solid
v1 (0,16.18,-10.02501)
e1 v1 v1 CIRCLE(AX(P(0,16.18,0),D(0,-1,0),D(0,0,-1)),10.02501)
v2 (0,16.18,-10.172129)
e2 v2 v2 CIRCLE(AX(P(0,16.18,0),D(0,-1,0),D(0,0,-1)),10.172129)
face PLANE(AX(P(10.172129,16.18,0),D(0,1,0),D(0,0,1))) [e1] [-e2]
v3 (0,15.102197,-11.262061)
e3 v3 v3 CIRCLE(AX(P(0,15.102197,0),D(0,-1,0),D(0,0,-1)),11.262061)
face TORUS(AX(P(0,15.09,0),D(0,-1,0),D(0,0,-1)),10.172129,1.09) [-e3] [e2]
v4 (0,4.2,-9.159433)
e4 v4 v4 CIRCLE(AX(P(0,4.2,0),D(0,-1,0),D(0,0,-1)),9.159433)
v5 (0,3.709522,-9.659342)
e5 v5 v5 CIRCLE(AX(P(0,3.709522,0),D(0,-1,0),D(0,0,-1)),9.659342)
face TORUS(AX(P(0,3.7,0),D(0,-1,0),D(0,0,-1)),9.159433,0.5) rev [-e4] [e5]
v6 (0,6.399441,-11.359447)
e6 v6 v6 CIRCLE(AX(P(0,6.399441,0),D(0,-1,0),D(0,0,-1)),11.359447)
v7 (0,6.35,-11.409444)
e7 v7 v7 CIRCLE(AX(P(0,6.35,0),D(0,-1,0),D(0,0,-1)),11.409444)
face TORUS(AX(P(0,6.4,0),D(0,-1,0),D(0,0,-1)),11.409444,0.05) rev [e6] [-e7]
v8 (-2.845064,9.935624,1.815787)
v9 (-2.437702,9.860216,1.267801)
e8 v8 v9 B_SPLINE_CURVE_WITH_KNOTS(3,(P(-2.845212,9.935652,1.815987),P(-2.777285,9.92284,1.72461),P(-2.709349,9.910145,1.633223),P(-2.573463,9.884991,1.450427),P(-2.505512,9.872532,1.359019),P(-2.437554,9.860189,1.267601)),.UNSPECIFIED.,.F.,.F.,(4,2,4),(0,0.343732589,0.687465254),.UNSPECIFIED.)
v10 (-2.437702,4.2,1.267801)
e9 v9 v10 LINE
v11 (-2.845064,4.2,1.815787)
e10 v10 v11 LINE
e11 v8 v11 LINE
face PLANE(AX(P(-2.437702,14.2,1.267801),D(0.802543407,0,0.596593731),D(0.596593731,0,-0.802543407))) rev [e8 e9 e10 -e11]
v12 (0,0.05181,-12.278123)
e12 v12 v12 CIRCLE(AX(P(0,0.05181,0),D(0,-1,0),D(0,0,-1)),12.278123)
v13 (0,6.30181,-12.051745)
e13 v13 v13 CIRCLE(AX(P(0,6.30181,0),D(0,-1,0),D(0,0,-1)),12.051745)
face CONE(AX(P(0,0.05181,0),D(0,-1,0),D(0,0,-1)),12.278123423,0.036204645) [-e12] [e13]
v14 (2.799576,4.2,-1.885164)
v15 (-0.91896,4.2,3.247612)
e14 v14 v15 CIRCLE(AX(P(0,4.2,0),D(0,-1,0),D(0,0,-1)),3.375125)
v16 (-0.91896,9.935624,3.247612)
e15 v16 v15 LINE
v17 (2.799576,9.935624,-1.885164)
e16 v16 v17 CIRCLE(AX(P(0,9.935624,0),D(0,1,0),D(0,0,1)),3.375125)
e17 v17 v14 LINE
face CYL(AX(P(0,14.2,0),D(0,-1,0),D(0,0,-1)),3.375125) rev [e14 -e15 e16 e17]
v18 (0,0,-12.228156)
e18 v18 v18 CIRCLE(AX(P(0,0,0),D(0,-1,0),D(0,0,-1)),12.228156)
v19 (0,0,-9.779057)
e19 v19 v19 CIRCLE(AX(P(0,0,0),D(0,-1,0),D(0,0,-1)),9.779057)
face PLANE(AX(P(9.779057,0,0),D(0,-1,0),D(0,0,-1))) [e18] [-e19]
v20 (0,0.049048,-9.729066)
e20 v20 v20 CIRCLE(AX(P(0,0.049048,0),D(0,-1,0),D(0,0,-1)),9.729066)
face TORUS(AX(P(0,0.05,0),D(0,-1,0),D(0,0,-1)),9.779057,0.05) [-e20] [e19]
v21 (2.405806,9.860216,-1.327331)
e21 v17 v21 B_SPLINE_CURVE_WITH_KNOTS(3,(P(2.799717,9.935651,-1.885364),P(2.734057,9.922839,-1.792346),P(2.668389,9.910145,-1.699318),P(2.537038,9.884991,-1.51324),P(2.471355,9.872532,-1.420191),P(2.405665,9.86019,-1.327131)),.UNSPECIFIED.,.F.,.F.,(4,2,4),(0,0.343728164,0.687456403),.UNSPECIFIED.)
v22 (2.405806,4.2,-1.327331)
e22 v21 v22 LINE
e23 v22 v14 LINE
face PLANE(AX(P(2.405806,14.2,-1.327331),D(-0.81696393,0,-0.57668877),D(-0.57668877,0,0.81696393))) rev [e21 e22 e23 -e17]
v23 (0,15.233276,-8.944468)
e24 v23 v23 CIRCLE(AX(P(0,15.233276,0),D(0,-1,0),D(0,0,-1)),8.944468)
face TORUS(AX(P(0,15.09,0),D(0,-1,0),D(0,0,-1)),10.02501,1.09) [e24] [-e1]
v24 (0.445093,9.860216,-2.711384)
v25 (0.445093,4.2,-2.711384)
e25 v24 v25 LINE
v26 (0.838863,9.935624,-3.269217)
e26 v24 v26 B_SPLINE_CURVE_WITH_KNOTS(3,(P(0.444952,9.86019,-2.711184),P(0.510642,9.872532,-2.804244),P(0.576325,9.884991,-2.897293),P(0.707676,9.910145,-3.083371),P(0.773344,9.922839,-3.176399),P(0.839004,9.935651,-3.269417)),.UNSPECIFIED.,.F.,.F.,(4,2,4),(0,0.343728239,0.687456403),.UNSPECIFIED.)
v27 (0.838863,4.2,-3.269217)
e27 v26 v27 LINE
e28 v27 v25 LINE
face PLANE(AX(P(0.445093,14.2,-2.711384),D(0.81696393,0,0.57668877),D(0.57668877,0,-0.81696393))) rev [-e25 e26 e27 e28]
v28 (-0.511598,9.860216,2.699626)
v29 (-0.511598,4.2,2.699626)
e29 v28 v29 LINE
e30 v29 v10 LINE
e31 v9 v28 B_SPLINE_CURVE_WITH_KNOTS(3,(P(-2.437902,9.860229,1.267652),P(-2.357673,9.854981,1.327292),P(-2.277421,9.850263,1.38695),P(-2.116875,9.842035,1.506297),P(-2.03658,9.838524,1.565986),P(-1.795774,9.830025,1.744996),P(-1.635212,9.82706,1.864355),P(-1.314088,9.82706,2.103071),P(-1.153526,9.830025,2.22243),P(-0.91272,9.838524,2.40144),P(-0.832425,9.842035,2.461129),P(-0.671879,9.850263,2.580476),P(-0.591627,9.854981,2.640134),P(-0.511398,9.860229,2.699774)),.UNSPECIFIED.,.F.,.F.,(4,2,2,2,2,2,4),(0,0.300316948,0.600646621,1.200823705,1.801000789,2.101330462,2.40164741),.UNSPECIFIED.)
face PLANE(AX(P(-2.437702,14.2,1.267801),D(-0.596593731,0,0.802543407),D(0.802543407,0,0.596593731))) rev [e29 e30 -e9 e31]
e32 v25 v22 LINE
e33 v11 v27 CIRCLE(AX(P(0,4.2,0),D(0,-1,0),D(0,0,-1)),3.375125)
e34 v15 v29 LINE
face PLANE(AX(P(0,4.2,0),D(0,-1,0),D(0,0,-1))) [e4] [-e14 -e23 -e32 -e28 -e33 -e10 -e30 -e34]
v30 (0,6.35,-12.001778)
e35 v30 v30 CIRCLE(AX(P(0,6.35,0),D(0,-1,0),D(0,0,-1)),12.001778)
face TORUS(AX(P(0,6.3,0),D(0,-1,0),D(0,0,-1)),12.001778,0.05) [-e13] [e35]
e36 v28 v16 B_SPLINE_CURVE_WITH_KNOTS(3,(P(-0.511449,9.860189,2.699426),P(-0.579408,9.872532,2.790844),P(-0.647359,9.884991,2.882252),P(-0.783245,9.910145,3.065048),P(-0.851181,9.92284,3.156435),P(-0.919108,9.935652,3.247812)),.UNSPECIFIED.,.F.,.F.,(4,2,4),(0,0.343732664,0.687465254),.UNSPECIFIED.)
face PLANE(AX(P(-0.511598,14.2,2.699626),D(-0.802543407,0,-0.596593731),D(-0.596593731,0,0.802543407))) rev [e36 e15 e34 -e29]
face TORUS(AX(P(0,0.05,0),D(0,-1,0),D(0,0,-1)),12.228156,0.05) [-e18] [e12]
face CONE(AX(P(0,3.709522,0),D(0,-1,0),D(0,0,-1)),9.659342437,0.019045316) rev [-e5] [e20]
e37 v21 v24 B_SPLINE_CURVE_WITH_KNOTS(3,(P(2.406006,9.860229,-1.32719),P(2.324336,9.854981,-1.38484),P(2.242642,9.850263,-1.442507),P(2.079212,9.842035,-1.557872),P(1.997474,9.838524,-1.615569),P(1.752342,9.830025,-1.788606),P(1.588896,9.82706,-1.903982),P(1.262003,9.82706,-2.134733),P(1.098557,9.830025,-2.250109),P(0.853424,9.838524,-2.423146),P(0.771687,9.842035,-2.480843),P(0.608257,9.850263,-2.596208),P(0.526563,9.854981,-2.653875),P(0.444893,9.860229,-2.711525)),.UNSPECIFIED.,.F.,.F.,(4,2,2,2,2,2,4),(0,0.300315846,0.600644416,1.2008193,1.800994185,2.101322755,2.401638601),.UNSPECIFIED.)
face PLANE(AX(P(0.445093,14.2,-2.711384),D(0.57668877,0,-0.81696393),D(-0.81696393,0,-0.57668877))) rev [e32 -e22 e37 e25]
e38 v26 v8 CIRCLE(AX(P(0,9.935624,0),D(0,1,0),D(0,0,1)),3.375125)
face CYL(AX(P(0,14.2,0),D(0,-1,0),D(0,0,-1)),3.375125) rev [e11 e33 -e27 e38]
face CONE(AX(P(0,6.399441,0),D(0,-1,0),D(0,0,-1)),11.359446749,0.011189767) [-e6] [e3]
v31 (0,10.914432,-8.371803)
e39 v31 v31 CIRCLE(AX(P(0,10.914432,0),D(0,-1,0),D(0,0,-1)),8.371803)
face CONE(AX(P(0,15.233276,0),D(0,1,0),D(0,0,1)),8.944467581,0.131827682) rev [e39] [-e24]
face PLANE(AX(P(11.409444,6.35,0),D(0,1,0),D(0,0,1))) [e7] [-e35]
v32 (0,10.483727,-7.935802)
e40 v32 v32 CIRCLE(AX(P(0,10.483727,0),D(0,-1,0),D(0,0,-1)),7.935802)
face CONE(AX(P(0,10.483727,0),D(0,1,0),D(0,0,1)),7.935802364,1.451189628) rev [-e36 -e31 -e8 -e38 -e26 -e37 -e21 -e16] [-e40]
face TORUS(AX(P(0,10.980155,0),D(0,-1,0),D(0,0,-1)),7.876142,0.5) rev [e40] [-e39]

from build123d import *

# Parameters (mm, degrees)
WYTNIJ_WYCI_GNI_CIE1_DEPTH = 10


with BuildPart() as part:
    # Szkic1 → Obrót3 (revolve)
    with BuildSketch(Plane.XY):
        with BuildLine():
            Line((9.779056689, 0), (12.228156189, 0))
            ThreePointArc((12.228156189, 0), (12.264145714, 0.015290432), (12.278123423, 0.051809837))
            Line((12.278123423, 0.051809837), (12.05174547, 6.301809837))
            ThreePointArc((12.05174547, 6.301809837), (12.036487804, 6.335989525), (12.001778236, 6.35))
            Line((12.001778236, 6.35), (11.409443619, 6.35))
            ThreePointArc((11.409443619, 6.35), (11.374286641, 6.364447406), (11.359446749, 6.399440523))
            Line((11.359446749, 6.399440523), (11.262060872, 15.102196591))
            ThreePointArc((11.262060872, 15.102196591), (10.938551226, 15.865046542), (10.172129112, 16.18))
            Line((10.172129112, 16.18), (10.025009987, 16.18))
            ThreePointArc((10.025009987, 16.18), (9.306703371, 15.909838768), (8.944467581, 15.233276341))
            Line((8.944467581, 15.233276341), (8.371803155, 10.91443213))
            ThreePointArc((8.371803155, 10.91443213), (8.22752792, 10.624448061), (7.935802364, 10.483727402))
            Line((7.935802364, 10.483727402), (0, 9.53))
            Line((0, 9.53), (0, 4.2))
            Line((0, 4.2), (9.159433115, 4.2))
            ThreePointArc((9.159433115, 4.2), (9.509603758, 4.056904078), (9.659342437, 3.709522082))
            Line((9.659342437, 3.709522082), (9.729065756, 0.049047792))
            ThreePointArc((9.729065756, 0.049047792), (9.744039624, 0.014309592), (9.779056689, 0))
        make_face()
    revolve(axis=Axis((0, 4.2, 0), (0, 1, 0)))

    # Szkic2 → Wytnij-wyciągnięcie1 (cut)
    with BuildSketch(Plane.XZ.offset(-4.2)):
        with BuildLine():
            Line((2.40580614, -1.327330925), (2.799576276, -1.885163876))
            ThreePointArc((2.799576276, -1.885163876), (2.733226439, 1.980137217), (-0.918959563, 3.247611967))
            Line((-0.918959563, 3.247611967), (-0.511598076, 2.699625525))
            Line((-0.511598076, 2.699625525), (-2.437702254, 1.267800572))
            Line((-2.437702254, 1.267800572), (-2.84506374, 1.815787013))
            ThreePointArc((-2.84506374, 1.815787013), (-2.733226439, -1.980137217), (0.838862844, -3.269216924))
            Line((0.838862844, -3.269216924), (0.445092708, -2.711383973))
            Line((0.445092708, -2.711383973), (2.40580614, -1.327330925))
        make_face()
    extrude(amount=-WYTNIJ_WYCI_GNI_CIE1_DEPTH, mode=Mode.SUBTRACT)


solid = part.part
